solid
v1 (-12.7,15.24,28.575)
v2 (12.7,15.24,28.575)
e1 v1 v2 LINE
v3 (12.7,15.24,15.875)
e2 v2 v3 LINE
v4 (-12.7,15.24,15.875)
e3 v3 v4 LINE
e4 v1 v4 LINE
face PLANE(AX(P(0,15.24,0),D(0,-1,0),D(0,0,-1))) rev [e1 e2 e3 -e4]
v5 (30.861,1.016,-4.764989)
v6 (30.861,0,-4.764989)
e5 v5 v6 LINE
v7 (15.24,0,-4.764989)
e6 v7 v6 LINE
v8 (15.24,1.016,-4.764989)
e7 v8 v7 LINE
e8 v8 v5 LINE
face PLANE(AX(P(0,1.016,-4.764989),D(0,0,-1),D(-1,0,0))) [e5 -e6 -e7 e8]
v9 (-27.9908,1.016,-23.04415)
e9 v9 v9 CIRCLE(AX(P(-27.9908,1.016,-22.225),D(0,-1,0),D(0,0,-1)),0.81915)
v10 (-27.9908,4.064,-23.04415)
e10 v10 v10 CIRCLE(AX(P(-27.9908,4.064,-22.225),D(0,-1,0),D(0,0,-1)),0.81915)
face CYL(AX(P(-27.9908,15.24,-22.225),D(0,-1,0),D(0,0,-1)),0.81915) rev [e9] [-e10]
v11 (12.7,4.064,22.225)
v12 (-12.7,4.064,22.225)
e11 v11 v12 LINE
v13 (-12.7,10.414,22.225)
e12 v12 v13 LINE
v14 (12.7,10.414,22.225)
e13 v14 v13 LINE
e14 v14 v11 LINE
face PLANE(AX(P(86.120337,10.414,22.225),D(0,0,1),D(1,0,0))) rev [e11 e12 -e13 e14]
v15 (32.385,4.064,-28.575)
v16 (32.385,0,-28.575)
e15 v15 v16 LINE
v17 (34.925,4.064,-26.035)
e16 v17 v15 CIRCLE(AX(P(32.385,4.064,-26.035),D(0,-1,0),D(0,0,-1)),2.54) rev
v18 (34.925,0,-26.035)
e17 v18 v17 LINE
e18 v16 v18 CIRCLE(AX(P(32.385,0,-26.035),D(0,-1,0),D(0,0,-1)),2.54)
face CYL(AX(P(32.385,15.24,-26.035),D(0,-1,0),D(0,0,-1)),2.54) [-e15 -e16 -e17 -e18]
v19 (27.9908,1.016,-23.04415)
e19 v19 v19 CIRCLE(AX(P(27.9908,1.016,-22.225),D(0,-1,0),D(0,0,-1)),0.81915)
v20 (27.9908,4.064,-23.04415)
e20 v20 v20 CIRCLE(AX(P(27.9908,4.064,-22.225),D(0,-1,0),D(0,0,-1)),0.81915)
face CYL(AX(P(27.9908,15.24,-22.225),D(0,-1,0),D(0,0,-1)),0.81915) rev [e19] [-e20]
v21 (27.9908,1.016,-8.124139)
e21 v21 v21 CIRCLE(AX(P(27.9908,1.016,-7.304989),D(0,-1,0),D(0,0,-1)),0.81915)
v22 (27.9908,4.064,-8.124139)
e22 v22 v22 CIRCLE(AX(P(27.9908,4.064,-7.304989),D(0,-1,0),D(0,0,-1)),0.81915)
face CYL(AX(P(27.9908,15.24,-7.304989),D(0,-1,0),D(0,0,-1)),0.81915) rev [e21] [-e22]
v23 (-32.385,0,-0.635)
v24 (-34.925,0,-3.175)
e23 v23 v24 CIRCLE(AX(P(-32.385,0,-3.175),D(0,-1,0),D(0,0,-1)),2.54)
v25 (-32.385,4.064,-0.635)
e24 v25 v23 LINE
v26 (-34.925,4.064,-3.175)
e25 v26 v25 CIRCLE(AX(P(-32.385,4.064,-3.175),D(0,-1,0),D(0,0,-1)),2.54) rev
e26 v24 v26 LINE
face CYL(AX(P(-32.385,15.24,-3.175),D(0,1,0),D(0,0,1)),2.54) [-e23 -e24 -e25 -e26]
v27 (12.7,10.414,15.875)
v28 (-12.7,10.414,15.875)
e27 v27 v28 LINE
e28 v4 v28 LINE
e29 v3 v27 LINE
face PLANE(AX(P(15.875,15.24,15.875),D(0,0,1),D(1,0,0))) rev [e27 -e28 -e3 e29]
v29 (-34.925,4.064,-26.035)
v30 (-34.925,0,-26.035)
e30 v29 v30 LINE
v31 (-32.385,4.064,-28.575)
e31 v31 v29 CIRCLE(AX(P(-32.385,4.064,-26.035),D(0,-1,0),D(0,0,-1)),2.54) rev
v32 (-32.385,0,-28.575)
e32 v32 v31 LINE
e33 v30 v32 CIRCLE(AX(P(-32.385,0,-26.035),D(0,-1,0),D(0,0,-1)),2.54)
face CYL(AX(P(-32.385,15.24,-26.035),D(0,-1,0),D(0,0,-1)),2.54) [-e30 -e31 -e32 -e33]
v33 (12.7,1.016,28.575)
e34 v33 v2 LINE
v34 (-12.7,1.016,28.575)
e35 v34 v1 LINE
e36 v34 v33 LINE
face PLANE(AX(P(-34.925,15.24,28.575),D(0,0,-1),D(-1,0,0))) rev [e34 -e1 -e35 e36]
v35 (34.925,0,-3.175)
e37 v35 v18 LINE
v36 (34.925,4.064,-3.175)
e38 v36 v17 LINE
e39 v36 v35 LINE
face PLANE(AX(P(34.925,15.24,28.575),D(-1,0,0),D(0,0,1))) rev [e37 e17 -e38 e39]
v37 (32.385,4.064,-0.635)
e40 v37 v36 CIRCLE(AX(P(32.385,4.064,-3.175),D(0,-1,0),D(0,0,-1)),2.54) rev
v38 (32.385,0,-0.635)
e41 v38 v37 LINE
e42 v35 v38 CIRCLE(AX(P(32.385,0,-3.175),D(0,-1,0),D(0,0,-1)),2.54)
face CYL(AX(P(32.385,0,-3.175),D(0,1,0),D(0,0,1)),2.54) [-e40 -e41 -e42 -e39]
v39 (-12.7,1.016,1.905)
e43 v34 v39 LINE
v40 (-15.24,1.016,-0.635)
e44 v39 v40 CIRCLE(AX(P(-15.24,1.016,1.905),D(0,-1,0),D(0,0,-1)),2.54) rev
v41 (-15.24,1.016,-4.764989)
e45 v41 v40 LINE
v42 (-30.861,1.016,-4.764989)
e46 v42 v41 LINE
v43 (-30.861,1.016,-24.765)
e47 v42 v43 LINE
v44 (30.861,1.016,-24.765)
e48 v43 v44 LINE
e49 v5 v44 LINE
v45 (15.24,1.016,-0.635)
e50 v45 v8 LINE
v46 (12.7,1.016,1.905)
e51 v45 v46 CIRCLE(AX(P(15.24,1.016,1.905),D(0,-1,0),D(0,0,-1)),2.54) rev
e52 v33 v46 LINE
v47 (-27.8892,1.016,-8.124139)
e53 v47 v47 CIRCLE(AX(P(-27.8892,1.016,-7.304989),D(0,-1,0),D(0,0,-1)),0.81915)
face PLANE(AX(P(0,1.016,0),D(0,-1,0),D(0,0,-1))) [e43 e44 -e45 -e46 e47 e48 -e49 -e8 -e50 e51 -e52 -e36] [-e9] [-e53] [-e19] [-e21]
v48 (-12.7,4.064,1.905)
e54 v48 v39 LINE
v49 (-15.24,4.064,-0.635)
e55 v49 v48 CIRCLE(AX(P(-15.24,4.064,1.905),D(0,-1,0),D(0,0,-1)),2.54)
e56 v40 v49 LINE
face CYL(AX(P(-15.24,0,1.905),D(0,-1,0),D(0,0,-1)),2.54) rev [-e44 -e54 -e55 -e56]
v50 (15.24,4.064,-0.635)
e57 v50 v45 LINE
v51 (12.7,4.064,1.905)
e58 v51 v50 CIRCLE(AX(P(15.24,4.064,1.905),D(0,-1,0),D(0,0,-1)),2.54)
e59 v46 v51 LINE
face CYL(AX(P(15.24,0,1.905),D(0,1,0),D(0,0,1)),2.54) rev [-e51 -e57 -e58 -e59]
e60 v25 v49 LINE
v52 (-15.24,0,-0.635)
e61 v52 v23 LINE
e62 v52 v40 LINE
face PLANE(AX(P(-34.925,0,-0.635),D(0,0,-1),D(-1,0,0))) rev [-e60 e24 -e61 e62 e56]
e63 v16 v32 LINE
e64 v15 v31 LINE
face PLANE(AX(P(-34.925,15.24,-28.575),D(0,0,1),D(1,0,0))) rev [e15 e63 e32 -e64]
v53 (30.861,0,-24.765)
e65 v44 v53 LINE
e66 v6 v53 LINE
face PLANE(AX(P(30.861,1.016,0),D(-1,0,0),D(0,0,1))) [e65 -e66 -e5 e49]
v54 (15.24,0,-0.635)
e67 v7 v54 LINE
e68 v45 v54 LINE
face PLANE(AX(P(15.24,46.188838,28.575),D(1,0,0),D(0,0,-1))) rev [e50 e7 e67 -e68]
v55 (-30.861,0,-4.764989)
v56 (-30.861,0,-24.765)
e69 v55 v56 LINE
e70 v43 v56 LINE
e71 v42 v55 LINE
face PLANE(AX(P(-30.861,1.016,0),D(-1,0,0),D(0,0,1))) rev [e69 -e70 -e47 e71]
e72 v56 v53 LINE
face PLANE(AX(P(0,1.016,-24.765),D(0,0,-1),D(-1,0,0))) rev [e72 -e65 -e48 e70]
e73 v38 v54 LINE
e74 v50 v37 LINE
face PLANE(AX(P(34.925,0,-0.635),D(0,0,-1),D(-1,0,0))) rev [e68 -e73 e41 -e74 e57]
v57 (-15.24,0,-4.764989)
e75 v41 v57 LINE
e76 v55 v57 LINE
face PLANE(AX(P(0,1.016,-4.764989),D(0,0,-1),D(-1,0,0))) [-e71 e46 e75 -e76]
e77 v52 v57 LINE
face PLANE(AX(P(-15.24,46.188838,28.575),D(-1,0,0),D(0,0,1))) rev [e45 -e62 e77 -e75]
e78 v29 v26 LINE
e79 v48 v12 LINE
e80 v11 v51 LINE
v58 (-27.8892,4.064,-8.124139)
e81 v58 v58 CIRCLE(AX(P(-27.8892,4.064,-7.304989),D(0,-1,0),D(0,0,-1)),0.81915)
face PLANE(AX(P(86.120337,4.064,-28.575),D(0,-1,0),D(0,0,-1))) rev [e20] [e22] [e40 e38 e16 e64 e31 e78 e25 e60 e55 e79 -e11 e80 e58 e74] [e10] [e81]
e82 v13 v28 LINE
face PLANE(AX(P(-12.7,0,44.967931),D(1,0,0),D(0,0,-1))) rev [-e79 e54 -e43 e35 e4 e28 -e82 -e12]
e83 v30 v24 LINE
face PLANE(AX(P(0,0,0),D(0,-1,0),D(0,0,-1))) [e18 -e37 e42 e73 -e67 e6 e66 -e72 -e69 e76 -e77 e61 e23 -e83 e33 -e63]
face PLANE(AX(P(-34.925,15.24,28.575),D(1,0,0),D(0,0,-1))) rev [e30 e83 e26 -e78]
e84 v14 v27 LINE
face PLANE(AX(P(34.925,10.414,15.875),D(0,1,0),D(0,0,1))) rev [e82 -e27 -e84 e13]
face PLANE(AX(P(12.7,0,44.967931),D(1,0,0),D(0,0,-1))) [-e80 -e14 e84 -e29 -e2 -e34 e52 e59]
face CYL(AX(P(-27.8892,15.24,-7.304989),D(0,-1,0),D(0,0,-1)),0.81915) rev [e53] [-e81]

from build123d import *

# Parameters (mm, degrees)
SKETCH1_W                = 69.85
SKETCH1_H                = 57.15
BOSS_EXTRUDE1_DEPTH      = 15.24
SKETCH2_W                = 50.8
SKETCH2_H                = 6.35
CUT_EXTRUDE1_DEPTH       = 69.85
SKETCH3_W                = 44.45
SKETCH3_H                = 4.826
CUT_EXTRUDE2_DEPTH       = 50.8
SKETCH5_W                = 61.722
SKETCH5_H                = 20.0000108
SKETCH5_R                = 0.81915
CUT_EXTRUDE3_DEPTH       = 1.016
SKETCH5_3_R              = 0.81915
CUT_EXTRUDE4_DEPTH       = 16.24
SKETCH7_W                = 69.85
SKETCH7_H                = 6.096
BOSS_EXTRUDE2_DEPTH      = 6.35
SKETCH8_W                = 6.35
SKETCH8_H                = 1.27
CUT_EXTRUDE9_DEPTH       = 1
CUT_EXTRUDE9_DEPTH_BACK  = 70.85
SKETCH17_W               = 22.225
SKETCH17_H               = 4.826
CUT_EXTRUDE13_DEPTH      = 6.35
SKETCH18_W               = 22.225
SKETCH18_H               = 29.21
CUT_EXTRUDE14_DEPTH      = 1
CUT_EXTRUDE14_DEPTH_BACK = 16.24
FILLET1_R                = 2.54
SKETCH19_W               = 30.48
SKETCH19_H               = 33.3399892
CUT_EXTRUDE16_DEPTH      = 1.016


with BuildPart() as part:
    # Sketch1 → Boss-Extrude1 (new body)
    with BuildSketch(Plane(origin=(0, 0, 0), x_dir=(1, 0, 0), z_dir=(0, 1, 0))):
        Rectangle(SKETCH1_W, SKETCH1_H)
    extrude(amount=BOSS_EXTRUDE1_DEPTH)

    # Sketch2 → Cut-Extrude1 (cut)
    with BuildSketch(Plane.ZY.offset(34.925)):
        with Locations((-3.175, 7.239)):
            Rectangle(SKETCH2_W, SKETCH2_H)
    extrude(amount=-CUT_EXTRUDE1_DEPTH, mode=Mode.SUBTRACT)

    # Sketch3 → Cut-Extrude2 (cut)
    with BuildSketch(Plane.ZY.offset(34.925)):
        with Locations((-6.35, 12.827)):
            Rectangle(SKETCH3_W, SKETCH3_H)
    cut_extrude2 = extrude(amount=-CUT_EXTRUDE2_DEPTH, mode=Mode.SUBTRACT)

    # Mirror1: Cut-Extrude2 across plane
    add(cut_extrude2.mirror(Plane(origin=(0, 0, 0), x_dir=(0, 0, 1), z_dir=(1, 0, 0))), mode=Mode.SUBTRACT)

    # Sketch5 → Cut-Extrude3 (cut)
    with BuildSketch(Plane.XZ):
        with Locations((0, -14.7649946)):
            Rectangle(SKETCH5_W, SKETCH5_H)
        with Locations((-27.8892, -7.3049892)):
            Circle(SKETCH5_R, mode=Mode.SUBTRACT)
        with Locations((27.9908, -7.3049892)):
            Circle(SKETCH5_R, mode=Mode.SUBTRACT)
    extrude(amount=-CUT_EXTRUDE3_DEPTH, mode=Mode.SUBTRACT)

    # Sketch5<3> → Cut-Extrude4 (cut, through all)
    with BuildSketch(Plane.XZ):
        with Locations((-27.9908, -22.225)):
            Circle(SKETCH5_3_R)
        with Locations((27.9908, -22.225)):
            Circle(SKETCH5_3_R)
        with Locations((-27.8892, -7.3049892)):
            Circle(SKETCH5_3_R)
        with Locations((27.9908, -7.3049892)):
            Circle(SKETCH5_3_R)
    extrude(amount=-CUT_EXTRUDE4_DEPTH, mode=Mode.SUBTRACT)

    # Sketch7 → Boss-Extrude2 (add)
    with BuildSketch(Plane(origin=(0, 0, 22.225), x_dir=(-1, 0, 0), z_dir=(0, 0, -1))):
        with Locations((0, 12.192)):
            Rectangle(SKETCH7_W, SKETCH7_H)
    extrude(amount=BOSS_EXTRUDE2_DEPTH)

    # Sketch8 → Cut-Extrude9 (cut, two sides)
    with BuildSketch(Plane.ZY.offset(34.925)) as cut_extrude9_sk:
        with Locations((19.05, 9.779)):
            Rectangle(SKETCH8_W, SKETCH8_H)
    extrude(amount=CUT_EXTRUDE9_DEPTH, mode=Mode.SUBTRACT)
    extrude(cut_extrude9_sk.sketch, amount=-CUT_EXTRUDE9_DEPTH_BACK, mode=Mode.SUBTRACT)

    # Sketch17 → Cut-Extrude13 (cut)
    with BuildSketch(Plane(origin=(0, 0, 15.875), x_dir=(-1, 0, 0), z_dir=(0, 0, -1))):
        with Locations((-23.8125, 12.827)):
            Rectangle(SKETCH17_W, SKETCH17_H)
        with Locations((23.8125, 12.827)):
            Rectangle(SKETCH17_W, SKETCH17_H)
    extrude(amount=-CUT_EXTRUDE13_DEPTH, mode=Mode.SUBTRACT)

    # Sketch18 → Cut-Extrude14 (cut, two sides)
    with BuildSketch(Plane(origin=(0, 15.24, 0), x_dir=(1, 0, 0), z_dir=(0, 1, 0))) as cut_extrude14_sk:
        with Locations((-23.8125, -13.97)):
            Rectangle(SKETCH18_W, SKETCH18_H)
        with Locations((23.8125, -13.97)):
            Rectangle(SKETCH18_W, SKETCH18_H)
    extrude(amount=CUT_EXTRUDE14_DEPTH, mode=Mode.SUBTRACT)
    extrude(cut_extrude14_sk.sketch, amount=-CUT_EXTRUDE14_DEPTH_BACK, mode=Mode.SUBTRACT)

    # Fillet1
    fillet1_edges = [part.edges().sort_by_distance(p)[0] for p in [
        (-34.925, 2.032, -28.575),
        (34.925, 2.032, -28.575),
        (-34.925, 2.032, -0.635),
        (-12.7, 2.032, -0.635),
        (34.925, 2.032, -0.635),
        (12.7, 2.032, -0.635),
    ]]
    fillet(fillet1_edges, radius=FILLET1_R)

    # Sketch19 → Cut-Extrude16 (cut)
    with BuildSketch(Plane.XZ):
        with Locations((0, 11.9050054)):
            Rectangle(SKETCH19_W, SKETCH19_H)
    extrude(amount=-CUT_EXTRUDE16_DEPTH, mode=Mode.SUBTRACT)


solid = part.part
